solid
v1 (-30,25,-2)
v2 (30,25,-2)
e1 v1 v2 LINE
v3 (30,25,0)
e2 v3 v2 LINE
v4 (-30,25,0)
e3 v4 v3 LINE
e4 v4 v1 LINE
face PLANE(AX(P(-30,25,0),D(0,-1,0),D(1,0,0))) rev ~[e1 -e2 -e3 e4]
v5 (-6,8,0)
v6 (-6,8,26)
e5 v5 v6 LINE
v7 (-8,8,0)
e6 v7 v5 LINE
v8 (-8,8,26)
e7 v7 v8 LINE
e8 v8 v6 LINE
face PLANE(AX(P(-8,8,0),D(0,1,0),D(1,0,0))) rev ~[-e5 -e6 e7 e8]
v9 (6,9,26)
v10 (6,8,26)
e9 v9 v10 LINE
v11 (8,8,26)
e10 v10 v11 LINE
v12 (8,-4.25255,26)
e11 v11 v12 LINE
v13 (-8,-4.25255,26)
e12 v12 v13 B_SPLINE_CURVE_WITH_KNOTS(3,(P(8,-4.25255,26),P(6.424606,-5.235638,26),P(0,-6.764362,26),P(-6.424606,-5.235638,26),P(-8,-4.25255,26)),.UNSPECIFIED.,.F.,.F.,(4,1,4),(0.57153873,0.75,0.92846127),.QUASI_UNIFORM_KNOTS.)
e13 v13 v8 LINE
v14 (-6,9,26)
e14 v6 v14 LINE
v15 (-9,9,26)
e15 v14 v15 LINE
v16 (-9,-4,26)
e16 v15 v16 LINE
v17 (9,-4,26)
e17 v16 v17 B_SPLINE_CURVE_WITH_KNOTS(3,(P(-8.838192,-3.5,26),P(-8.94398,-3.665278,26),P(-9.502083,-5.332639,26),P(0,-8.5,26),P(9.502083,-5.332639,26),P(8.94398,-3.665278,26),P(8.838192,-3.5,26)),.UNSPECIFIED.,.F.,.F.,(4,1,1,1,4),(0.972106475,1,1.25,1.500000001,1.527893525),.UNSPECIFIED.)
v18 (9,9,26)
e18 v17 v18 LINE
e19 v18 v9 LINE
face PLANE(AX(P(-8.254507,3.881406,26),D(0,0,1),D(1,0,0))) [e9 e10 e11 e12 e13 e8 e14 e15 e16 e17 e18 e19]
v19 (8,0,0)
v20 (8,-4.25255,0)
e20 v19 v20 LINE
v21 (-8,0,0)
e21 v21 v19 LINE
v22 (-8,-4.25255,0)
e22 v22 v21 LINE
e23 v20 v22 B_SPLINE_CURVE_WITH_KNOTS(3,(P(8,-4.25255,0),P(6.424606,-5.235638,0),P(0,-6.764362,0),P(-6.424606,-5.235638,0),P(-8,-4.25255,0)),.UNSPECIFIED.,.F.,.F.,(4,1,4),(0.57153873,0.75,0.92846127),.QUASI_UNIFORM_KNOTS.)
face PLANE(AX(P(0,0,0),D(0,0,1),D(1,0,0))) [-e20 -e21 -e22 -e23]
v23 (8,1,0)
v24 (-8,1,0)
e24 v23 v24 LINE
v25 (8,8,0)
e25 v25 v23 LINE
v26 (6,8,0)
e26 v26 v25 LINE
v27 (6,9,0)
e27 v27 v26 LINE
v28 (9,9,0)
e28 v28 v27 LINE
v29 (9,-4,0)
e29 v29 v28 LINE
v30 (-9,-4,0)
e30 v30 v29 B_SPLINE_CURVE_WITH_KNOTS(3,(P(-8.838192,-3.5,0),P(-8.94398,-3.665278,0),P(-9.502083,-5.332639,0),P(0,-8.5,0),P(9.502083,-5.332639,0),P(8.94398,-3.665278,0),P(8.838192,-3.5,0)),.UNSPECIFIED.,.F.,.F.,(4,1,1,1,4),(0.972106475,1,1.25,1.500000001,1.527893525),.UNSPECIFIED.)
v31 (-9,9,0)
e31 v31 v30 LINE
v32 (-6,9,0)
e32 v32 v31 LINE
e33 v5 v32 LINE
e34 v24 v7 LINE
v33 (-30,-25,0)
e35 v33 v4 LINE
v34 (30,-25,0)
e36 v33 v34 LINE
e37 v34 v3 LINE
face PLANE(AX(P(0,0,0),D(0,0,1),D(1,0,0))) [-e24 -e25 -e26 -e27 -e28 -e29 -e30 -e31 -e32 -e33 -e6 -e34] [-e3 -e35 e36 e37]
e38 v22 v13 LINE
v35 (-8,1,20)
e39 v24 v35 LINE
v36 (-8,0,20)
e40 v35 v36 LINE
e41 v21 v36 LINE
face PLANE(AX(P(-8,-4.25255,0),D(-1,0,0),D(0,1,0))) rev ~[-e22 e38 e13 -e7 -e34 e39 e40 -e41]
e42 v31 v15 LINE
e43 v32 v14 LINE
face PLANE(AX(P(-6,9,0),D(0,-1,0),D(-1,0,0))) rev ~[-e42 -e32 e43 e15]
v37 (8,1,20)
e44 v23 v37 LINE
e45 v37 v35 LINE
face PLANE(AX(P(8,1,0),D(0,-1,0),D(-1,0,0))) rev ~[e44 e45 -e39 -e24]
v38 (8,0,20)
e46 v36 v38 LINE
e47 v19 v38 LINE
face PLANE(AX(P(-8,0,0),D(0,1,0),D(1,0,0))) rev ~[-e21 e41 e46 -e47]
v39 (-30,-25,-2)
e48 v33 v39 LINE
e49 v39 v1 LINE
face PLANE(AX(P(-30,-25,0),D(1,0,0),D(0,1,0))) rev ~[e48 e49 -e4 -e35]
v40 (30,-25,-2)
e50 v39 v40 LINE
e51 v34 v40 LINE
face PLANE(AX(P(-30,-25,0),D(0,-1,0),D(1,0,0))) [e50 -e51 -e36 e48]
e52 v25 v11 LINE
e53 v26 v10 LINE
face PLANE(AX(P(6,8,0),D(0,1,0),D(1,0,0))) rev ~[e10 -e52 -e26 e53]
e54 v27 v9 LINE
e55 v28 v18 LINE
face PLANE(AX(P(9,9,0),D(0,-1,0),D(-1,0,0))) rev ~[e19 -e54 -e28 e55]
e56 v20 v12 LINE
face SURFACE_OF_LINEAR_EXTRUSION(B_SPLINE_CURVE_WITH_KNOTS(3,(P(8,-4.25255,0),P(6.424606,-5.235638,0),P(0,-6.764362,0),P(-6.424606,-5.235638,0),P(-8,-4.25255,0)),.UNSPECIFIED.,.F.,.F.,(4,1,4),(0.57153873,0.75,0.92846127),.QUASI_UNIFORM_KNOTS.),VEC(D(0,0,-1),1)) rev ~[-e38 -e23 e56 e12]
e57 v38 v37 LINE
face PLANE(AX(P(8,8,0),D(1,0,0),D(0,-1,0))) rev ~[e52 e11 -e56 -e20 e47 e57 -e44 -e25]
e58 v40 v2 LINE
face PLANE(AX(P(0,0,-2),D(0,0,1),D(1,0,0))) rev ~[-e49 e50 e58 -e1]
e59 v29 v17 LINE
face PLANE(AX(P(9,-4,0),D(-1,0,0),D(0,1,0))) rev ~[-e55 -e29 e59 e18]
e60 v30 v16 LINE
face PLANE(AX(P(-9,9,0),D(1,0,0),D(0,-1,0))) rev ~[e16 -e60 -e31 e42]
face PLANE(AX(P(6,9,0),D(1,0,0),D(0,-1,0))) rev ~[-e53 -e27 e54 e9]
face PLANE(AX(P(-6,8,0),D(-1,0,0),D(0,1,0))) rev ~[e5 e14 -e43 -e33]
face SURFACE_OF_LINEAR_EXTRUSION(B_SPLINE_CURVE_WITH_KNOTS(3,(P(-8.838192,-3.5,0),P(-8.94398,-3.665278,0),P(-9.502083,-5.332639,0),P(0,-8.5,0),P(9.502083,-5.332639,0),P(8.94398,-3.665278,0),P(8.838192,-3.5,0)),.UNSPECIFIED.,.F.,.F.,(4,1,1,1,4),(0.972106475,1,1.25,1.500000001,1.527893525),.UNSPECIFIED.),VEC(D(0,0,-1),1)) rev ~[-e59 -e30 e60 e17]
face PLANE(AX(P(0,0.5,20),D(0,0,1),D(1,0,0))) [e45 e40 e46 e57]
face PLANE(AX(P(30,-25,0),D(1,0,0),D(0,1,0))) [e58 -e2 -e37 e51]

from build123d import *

# Parameters (mm, degrees)
F1_DEPTH = 26
F2_W     = 60
F2_H     = 50
F3_DEPTH = 2
F4_DEPTH = 20


with BuildPart() as f1:
    # F0 (on Top) → F1 (new body)
    with BuildSketch(Plane.XY):
        with BuildLine():
            Line((-9, 9), (-9, 0))
            Line((-9, 0), (-9, -3))
            add(Edge.make_bspline(
                [(-9, -3), (-9, -2.5707676204), (-8.6315191286, -2.1415352408), (-8, -1.7474503993)],
                knots=[0, 0, 0, 0, 0.0715387299, 0.0715387299, 0.0715387299, 0.0715387299], degree=3))
            Line((-8, -1.7474503993), (-8, 0))
            Line((-8, 0), (-8, 1))
            Line((-8, 1), (-8, 8))
            Line((-8, 8), (-6, 8))
            Line((-6, 8), (-6, 9))
            Line((-6, 9), (-9, 9))
        make_face()
        with BuildLine():
            add(Edge.make_bspline(
                [(-9, -3), (-9, -2.5707676204), (-8.6315191286, -2.1415352408), (-8, -1.7474503993)],
                knots=[0, 0, 0, 0, 0.0715387299, 0.0715387299, 0.0715387299, 0.0715387299], degree=3))
            add(Edge.make_bspline(
                [(-8.8381918042, -3.5), (-8.9439804927, -3.3347222947), (-9, -3.1673611473), (-9, -3)],
                knots=[0.9721064754, 0.9721064754, 0.9721064754, 0.9721064754, 1, 1, 1, 1], degree=3))
            add(Edge.make_bspline(
                [(-8, -2.7474503993), (-8.3852847555, -2.9878784004), (-8.6726634562, -3.2413887449), (-8.8381918042, -3.5)],
                knots=[0.9284612701, 0.9284612701, 0.9284612701, 0.9284612701, 0.9721064754, 0.9721064754, 0.9721064754, 0.9721064754], degree=3))
            Line((-8, -2.7474503993), (-8, -1.7474503993))
        make_face()
        with BuildLine():
            add(Edge.make_bspline(
                [(-8.8381918042, -3.5), (-8.9439804927, -3.3347222947), (-9, -3.1673611473), (-9, -3)],
                knots=[0.9721064754, 0.9721064754, 0.9721064754, 0.9721064754, 1, 1, 1, 1], degree=3))
            Line((-9, -3), (-9, -4))
            add(Edge.make_bspline(
                [(-8.8381918042, -3.5), (-8.9439804927, -3.6652777053), (-9, -3.8326388527), (-9, -4)],
                knots=[0.9721064754, 0.9721064754, 0.9721064754, 0.9721064754, 1, 1, 1, 1], degree=3))
        make_face()
        with BuildLine():
            add(Edge.make_bspline(
                [(-8, -2.7474503993), (-8.3852847555, -2.9878784004), (-8.6726634562, -3.2413887449), (-8.8381918042, -3.5)],
                knots=[0.9284612701, 0.9284612701, 0.9284612701, 0.9284612701, 0.9721064754, 0.9721064754, 0.9721064754, 0.9721064754], degree=3))
            add(Edge.make_bspline(
                [(-8, -4.2525496007), (-8.3852847555, -4.0121215996), (-8.6726634562, -3.7586112551), (-8.8381918042, -3.5)],
                knots=[0.9284612701, 0.9284612701, 0.9284612701, 0.9284612701, 0.9721064754, 0.9721064754, 0.9721064754, 0.9721064754], degree=3))
            Line((-8, -4.2525496007), (-8, -2.7474503993))
        make_face()
        with BuildLine():
            add(Edge.make_bspline(
                [(-8.8381918042, -3.5), (-8.9439804927, -3.6652777053), (-9, -3.8326388527), (-9, -4)],
                knots=[0.9721064754, 0.9721064754, 0.9721064754, 0.9721064754, 1, 1, 1, 1], degree=3))
            add(Edge.make_bspline(
                [(-9, -4), (-9, -5.5), (0, -8.5), (9, -5.5), (9, -4)],
                knots=[0, 0, 0, 0, 0.25, 0.5, 0.5, 0.5, 0.5], degree=3))
            add(Edge.make_bspline(
                [(9, -4), (9, -3.8326388527), (8.9439804927, -3.6652777053), (8.8381918042, -3.5)],
                knots=[0.5, 0.5, 0.5, 0.5, 0.5278935246, 0.5278935246, 0.5278935246, 0.5278935246], degree=3))
            add(Edge.make_bspline(
                [(8.8381918042, -3.5), (8.6726634562, -3.7586112551), (8.3852847555, -4.0121215996), (8, -4.2525496007)],
                knots=[0.5278935246, 0.5278935246, 0.5278935246, 0.5278935246, 0.5715387299, 0.5715387299, 0.5715387299, 0.5715387299], degree=3))
            add(Edge.make_bspline(
                [(8, -4.2525496007), (6.4246057224, -5.2356378021), (0, -6.7643621979), (-6.4246057224, -5.2356378021), (-8, -4.2525496007)],
                knots=[0.5715387299, 0.5715387299, 0.5715387299, 0.5715387299, 0.75, 0.9284612701, 0.9284612701, 0.9284612701, 0.9284612701], degree=3))
            add(Edge.make_bspline(
                [(-8, -4.2525496007), (-8.3852847555, -4.0121215996), (-8.6726634562, -3.7586112551), (-8.8381918042, -3.5)],
                knots=[0.9284612701, 0.9284612701, 0.9284612701, 0.9284612701, 0.9721064754, 0.9721064754, 0.9721064754, 0.9721064754], degree=3))
        make_face()
        with BuildLine():
            add(Edge.make_bspline(
                [(8.8381918042, -3.5), (8.6726634562, -3.7586112551), (8.3852847555, -4.0121215996), (8, -4.2525496007)],
                knots=[0.5278935246, 0.5278935246, 0.5278935246, 0.5278935246, 0.5715387299, 0.5715387299, 0.5715387299, 0.5715387299], degree=3))
            add(Edge.make_bspline(
                [(8.8381918042, -3.5), (8.6726634562, -3.2413887449), (8.3852847555, -2.9878784004), (8, -2.7474503993)],
                knots=[0.5278935246, 0.5278935246, 0.5278935246, 0.5278935246, 0.5715387299, 0.5715387299, 0.5715387299, 0.5715387299], degree=3))
            Line((8, -2.7474503993), (8, -4.2525496007))
        make_face()
        with BuildLine():
            add(Edge.make_bspline(
                [(9, -3), (9, -3.1673611473), (8.9439804927, -3.3347222947), (8.8381918042, -3.5)],
                knots=[0.5, 0.5, 0.5, 0.5, 0.5278935246, 0.5278935246, 0.5278935246, 0.5278935246], degree=3))
            add(Edge.make_bspline(
                [(8, -1.7474503993), (8.6315191286, -2.1415352408), (9, -2.5707676204), (9, -3)],
                knots=[0.4284612701, 0.4284612701, 0.4284612701, 0.4284612701, 0.5, 0.5, 0.5, 0.5], degree=3))
            Line((8, -1.7474503993), (8, -2.7474503993))
            add(Edge.make_bspline(
                [(8.8381918042, -3.5), (8.6726634562, -3.2413887449), (8.3852847555, -2.9878784004), (8, -2.7474503993)],
                knots=[0.5278935246, 0.5278935246, 0.5278935246, 0.5278935246, 0.5715387299, 0.5715387299, 0.5715387299, 0.5715387299], degree=3))
        make_face()
        with BuildLine():
            add(Edge.make_bspline(
                [(8, -1.7474503993), (8.6315191286, -2.1415352408), (9, -2.5707676204), (9, -3)],
                knots=[0.4284612701, 0.4284612701, 0.4284612701, 0.4284612701, 0.5, 0.5, 0.5, 0.5], degree=3))
            Line((9, -3), (9, 0))
            Line((9, 0), (9, 9))
            Line((9, 9), (6, 9))
            Line((6, 9), (6, 8))
            Line((6, 8), (8, 8))
            Line((8, 8), (8, 1))
            Line((8, 1), (8, 0))
            Line((8, 0), (8, -1.7474503993))
        make_face()
        with BuildLine():
            add(Edge.make_bspline(
                [(9, -4), (9, -3.8326388527), (8.9439804927, -3.6652777053), (8.8381918042, -3.5)],
                knots=[0.5, 0.5, 0.5, 0.5, 0.5278935246, 0.5278935246, 0.5278935246, 0.5278935246], degree=3))
            Line((9, -4), (9, -3))
            add(Edge.make_bspline(
                [(9, -3), (9, -3.1673611473), (8.9439804927, -3.3347222947), (8.8381918042, -3.5)],
                knots=[0.5, 0.5, 0.5, 0.5, 0.5278935246, 0.5278935246, 0.5278935246, 0.5278935246], degree=3))
        make_face()
    extrude(amount=F1_DEPTH)

    # F2 (on Top) → F3 (join)
    with BuildSketch(Plane.XY):
        Rectangle(F2_W, F2_H)
    extrude(amount=-F3_DEPTH)

    # F0 (on Top) → F4 (join)
    with BuildSketch(Plane.XY):
        Polygon((-8, 0), (0, 0), (8, 0), (8, 1), (-8, 1), align=None)
    extrude(amount=F4_DEPTH)


solid = f1.part
